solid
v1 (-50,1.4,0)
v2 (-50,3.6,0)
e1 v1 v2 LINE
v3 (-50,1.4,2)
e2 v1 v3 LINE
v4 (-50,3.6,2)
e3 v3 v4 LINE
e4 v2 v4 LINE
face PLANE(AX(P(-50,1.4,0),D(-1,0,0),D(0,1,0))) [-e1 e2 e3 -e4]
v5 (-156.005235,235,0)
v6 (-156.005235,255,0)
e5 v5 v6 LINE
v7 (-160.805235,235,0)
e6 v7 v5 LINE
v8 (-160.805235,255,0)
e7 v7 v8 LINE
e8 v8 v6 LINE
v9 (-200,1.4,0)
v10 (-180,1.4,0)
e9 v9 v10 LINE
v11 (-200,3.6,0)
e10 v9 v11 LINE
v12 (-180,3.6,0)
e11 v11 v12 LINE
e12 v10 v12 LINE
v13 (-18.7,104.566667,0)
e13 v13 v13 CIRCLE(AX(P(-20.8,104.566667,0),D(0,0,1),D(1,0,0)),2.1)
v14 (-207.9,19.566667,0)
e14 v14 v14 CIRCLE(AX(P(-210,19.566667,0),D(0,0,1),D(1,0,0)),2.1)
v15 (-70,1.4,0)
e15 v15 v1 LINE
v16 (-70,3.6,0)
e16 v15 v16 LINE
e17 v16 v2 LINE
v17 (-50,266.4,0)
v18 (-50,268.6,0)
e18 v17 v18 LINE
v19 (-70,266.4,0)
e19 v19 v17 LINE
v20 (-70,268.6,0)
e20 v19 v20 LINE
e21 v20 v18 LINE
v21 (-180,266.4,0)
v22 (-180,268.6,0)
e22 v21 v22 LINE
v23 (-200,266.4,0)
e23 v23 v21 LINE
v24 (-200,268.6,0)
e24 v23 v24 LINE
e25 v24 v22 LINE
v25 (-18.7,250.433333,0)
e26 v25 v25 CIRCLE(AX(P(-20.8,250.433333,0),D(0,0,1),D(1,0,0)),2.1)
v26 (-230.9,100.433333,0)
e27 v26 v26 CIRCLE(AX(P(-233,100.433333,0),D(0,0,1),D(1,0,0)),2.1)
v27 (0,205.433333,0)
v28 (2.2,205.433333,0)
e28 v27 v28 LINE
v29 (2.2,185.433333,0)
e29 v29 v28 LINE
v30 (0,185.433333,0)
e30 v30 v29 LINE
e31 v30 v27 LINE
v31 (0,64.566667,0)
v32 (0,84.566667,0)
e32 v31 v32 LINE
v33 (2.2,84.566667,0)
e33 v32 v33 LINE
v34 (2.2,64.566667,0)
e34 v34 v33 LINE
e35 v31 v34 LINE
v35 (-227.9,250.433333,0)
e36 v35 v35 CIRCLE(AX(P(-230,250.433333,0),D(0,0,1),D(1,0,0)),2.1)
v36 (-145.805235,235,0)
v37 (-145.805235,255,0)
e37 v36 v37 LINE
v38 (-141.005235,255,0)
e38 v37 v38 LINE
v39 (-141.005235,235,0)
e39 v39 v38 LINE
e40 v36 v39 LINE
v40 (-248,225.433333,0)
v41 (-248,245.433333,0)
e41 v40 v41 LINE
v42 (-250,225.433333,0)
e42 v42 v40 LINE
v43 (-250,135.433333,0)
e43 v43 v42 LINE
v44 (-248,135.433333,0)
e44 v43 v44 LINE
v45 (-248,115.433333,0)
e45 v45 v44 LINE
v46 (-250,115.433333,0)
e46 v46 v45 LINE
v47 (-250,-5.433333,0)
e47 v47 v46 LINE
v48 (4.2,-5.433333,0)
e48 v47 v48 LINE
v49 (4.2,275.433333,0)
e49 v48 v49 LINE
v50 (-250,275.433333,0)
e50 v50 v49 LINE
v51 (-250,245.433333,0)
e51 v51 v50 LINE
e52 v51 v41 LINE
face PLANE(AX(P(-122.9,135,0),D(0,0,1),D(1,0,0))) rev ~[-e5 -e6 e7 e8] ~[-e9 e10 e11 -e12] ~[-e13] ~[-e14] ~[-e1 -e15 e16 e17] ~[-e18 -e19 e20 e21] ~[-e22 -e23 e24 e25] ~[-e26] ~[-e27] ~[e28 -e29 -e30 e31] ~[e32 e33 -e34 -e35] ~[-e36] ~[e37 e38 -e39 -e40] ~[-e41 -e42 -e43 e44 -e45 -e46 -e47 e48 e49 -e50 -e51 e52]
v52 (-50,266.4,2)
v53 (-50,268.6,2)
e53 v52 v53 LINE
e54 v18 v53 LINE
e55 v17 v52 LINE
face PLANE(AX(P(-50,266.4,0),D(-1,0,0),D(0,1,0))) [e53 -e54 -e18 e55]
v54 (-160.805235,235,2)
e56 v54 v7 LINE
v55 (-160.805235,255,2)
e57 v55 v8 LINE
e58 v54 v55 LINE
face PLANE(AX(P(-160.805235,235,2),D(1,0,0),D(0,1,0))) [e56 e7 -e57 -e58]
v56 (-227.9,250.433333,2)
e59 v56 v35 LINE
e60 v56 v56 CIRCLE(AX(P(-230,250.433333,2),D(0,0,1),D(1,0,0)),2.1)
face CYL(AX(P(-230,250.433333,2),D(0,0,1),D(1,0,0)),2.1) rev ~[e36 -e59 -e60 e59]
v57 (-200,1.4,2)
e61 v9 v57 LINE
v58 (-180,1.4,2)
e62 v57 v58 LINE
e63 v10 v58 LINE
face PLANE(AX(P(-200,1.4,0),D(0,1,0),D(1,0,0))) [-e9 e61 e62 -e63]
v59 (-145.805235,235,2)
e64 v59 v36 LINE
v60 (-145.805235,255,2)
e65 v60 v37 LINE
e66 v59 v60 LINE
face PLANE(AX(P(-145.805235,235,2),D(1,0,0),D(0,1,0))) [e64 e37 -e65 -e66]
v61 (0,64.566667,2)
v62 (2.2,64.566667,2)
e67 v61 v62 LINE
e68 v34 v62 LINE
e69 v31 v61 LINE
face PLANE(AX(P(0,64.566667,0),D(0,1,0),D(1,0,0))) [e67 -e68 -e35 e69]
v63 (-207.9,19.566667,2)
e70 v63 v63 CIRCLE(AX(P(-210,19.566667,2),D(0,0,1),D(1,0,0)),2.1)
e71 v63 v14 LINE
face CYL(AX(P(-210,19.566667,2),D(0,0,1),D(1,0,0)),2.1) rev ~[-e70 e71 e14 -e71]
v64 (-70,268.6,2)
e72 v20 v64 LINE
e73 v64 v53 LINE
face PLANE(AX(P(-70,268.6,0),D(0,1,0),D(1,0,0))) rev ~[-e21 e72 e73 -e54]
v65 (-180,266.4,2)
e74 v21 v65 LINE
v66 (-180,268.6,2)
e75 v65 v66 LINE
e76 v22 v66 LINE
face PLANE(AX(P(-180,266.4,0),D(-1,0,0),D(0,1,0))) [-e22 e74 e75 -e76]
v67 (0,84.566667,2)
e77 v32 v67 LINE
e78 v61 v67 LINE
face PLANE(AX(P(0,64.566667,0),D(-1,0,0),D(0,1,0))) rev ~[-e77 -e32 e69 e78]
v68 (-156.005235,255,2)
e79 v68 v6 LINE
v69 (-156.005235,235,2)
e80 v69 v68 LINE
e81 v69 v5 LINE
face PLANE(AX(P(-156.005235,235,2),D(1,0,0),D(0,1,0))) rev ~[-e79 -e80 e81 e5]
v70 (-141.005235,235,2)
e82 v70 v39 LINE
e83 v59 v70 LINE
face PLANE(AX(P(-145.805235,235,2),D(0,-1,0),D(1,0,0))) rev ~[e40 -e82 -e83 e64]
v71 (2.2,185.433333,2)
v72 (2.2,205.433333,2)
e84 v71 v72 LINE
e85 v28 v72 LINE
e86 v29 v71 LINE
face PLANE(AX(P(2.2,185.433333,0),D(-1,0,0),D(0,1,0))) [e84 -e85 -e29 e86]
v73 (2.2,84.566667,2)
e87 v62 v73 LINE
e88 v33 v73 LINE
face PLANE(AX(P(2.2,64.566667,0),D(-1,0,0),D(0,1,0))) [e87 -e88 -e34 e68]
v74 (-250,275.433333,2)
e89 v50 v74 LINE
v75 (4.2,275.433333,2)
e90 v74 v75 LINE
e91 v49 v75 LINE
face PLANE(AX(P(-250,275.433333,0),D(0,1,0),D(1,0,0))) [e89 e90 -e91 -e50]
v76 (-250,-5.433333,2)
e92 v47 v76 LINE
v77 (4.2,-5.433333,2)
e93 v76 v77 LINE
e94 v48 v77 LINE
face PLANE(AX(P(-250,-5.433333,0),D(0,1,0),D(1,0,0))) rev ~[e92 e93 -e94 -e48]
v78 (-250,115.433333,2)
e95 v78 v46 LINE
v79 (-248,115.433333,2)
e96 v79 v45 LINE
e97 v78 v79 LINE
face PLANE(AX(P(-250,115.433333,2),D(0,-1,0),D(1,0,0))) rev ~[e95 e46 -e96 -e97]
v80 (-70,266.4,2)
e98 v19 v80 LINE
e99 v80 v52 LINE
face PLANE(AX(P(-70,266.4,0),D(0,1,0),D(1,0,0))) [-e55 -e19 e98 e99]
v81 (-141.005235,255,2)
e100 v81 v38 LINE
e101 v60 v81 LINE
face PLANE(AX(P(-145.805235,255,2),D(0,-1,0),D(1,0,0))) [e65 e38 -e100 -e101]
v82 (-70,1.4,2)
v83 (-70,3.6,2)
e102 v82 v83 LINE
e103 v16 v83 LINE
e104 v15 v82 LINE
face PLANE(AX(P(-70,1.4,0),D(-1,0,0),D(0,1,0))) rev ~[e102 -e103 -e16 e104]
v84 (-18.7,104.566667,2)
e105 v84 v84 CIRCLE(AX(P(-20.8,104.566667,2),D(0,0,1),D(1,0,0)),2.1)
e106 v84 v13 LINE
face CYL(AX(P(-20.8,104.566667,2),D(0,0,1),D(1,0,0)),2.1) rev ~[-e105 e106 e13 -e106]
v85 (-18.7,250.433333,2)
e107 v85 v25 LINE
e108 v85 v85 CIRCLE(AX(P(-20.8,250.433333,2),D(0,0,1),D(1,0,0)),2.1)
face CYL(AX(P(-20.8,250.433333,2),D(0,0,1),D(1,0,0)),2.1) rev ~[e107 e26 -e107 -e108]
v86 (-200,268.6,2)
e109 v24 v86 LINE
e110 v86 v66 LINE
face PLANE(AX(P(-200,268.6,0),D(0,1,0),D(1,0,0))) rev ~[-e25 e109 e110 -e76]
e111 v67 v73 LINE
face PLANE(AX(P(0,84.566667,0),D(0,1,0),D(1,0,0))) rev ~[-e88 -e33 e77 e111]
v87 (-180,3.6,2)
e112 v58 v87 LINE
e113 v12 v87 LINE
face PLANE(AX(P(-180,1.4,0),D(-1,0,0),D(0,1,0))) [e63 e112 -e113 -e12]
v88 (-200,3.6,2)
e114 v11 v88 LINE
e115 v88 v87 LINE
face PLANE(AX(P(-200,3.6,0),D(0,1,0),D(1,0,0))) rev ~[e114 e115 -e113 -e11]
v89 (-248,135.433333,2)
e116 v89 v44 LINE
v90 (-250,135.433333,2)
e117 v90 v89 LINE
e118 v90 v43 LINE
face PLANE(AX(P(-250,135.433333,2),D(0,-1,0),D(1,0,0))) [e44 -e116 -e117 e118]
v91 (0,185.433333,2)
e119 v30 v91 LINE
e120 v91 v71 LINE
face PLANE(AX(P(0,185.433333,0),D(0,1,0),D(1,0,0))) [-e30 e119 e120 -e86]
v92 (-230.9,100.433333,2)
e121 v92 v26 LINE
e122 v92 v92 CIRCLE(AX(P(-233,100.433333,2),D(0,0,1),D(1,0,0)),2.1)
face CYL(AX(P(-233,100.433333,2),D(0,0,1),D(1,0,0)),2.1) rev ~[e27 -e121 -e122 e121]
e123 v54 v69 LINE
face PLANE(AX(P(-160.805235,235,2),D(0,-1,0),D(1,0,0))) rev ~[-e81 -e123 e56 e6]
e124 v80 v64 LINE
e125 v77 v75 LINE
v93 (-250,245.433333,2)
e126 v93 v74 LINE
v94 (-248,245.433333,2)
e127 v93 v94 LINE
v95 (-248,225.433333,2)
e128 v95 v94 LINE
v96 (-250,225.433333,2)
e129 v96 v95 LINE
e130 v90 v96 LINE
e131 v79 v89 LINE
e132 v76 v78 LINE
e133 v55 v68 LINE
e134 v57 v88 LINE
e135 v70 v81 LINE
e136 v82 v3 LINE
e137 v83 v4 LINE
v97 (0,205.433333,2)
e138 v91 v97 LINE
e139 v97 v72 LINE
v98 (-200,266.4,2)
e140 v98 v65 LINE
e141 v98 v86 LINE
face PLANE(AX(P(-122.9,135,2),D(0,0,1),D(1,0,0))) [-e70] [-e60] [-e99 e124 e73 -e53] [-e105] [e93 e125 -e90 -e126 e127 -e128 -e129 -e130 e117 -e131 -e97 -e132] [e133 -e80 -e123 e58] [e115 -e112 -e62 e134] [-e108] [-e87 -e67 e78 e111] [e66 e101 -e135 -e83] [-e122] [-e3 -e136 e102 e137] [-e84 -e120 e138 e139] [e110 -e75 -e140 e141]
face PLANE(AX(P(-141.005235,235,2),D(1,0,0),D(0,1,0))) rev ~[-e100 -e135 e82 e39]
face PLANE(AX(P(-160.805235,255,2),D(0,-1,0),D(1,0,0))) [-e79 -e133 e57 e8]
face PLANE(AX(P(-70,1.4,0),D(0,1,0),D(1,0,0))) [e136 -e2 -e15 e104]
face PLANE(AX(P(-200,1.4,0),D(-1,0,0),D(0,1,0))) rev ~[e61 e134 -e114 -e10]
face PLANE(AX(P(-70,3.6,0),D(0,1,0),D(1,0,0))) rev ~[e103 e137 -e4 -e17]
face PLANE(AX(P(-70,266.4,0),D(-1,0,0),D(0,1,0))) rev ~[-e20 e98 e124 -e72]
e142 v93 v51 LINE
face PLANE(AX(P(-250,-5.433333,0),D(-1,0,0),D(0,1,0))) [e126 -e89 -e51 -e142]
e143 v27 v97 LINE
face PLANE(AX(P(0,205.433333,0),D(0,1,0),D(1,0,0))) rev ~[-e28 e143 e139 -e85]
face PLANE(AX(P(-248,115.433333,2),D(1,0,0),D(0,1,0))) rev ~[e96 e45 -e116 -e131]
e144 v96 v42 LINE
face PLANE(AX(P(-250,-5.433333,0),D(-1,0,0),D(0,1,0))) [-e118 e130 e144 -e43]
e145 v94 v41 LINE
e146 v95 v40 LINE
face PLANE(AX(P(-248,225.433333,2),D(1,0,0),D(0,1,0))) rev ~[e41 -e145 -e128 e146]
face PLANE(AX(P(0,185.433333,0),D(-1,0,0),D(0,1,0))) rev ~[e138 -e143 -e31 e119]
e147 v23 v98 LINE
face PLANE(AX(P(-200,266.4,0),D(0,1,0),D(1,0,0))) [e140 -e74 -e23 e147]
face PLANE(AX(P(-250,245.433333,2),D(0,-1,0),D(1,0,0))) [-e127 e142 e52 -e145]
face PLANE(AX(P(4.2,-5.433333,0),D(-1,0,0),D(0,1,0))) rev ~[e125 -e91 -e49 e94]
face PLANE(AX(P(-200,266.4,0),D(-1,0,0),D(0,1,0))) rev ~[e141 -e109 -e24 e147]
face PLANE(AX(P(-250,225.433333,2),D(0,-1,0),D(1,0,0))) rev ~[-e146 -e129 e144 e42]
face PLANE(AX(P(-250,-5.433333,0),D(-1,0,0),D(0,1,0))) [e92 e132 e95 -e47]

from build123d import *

# Parameters (mm, degrees)
SKETCH1_W           = 254.2
SKETCH1_H           = 280.866666666
SKETCH1_W_2         = 20
SKETCH1_H_2         = 2.2
SKETCH1_W_3         = 2.2
SKETCH1_H_3         = 20
BOSS_EXTRUDE1_DEPTH = 2
SKETCH2_W           = 4.8
SKETCH2_H           = 20
CUT_EXTRUDE1_DEPTH  = 5
SKETCH3_R           = 2.1
CUT_EXTRUDE2_DEPTH  = 5
SKETCH4_R           = 2.1
CUT_EXTRUDE3_DEPTH  = 5
SKETCH5_R           = 2.1
CUT_EXTRUDE4_DEPTH  = 5
SKETCH6_R           = 2.1
CUT_EXTRUDE5_DEPTH  = 5
SKETCH7_W           = 2
SKETCH7_H           = 20
CUT_EXTRUDE6_DEPTH  = 10


with BuildPart() as part:
    # Sketch1 → Boss-Extrude1 (new body)
    with BuildSketch(Plane.XY):
        with Locations((-122.9, 135)):
            Rectangle(SKETCH1_W, SKETCH1_H)
        with Locations((-60, 267.5)):
            Rectangle(SKETCH1_W_2, SKETCH1_H_2, mode=Mode.SUBTRACT)
        with Locations((1.1, 74.566666667)):
            Rectangle(SKETCH1_W_3, SKETCH1_H_3, mode=Mode.SUBTRACT)
        with Locations((-190, 2.5)):
            Rectangle(SKETCH1_W_2, SKETCH1_H_2, mode=Mode.SUBTRACT)
        with Locations((1.1, 195.433333333)):
            Rectangle(SKETCH1_W_3, SKETCH1_H_3, mode=Mode.SUBTRACT)
        with Locations((-60, 2.5)):
            Rectangle(SKETCH1_W_2, SKETCH1_H_2, mode=Mode.SUBTRACT)
        with Locations((-190, 267.5)):
            Rectangle(SKETCH1_W_2, SKETCH1_H_2, mode=Mode.SUBTRACT)
    extrude(amount=BOSS_EXTRUDE1_DEPTH)

    # Sketch2 → Cut-Extrude1 (cut)
    with BuildSketch(Plane.XY.offset(2)):
        with Locations((-143.405234687, 245)):
            Rectangle(SKETCH2_W, SKETCH2_H)
        with Locations((-158.405234687, 245)):
            Rectangle(SKETCH2_W, SKETCH2_H)
    extrude(amount=-CUT_EXTRUDE1_DEPTH, mode=Mode.SUBTRACT)

    # Sketch3 → Cut-Extrude2 (cut)
    with BuildSketch(Plane.XY.offset(2)):
        with Locations((-230, 250.433333333)):
            Circle(SKETCH3_R)
        with Locations((-20.8, 250.433333333)):
            Circle(SKETCH3_R)
    extrude(amount=-CUT_EXTRUDE2_DEPTH, mode=Mode.SUBTRACT)

    # Sketch4 → Cut-Extrude3 (cut)
    with BuildSketch(Plane.XY.offset(2)):
        with Locations((-210, 19.566666667)):
            Circle(SKETCH4_R)
    extrude(amount=-CUT_EXTRUDE3_DEPTH, mode=Mode.SUBTRACT)

    # Sketch5 → Cut-Extrude4 (cut)
    with BuildSketch(Plane.XY.offset(2)):
        with Locations((-20.8, 104.566666667)):
            Circle(SKETCH5_R)
    extrude(amount=-CUT_EXTRUDE4_DEPTH, mode=Mode.SUBTRACT)

    # Sketch6 → Cut-Extrude5 (cut)
    with BuildSketch(Plane.XY.offset(2)):
        with Locations((-233, 100.433333333)):
            Circle(SKETCH6_R)
    extrude(amount=-CUT_EXTRUDE5_DEPTH, mode=Mode.SUBTRACT)

    # Sketch7 → Cut-Extrude6 (cut)
    with BuildSketch(Plane.XY.offset(2)):
        with Locations((-249, 235.433333333)):
            Rectangle(SKETCH7_W, SKETCH7_H)
        with Locations((-249, 125.433333333)):
            Rectangle(SKETCH7_W, SKETCH7_H)
    extrude(amount=-CUT_EXTRUDE6_DEPTH, mode=Mode.SUBTRACT)


solid = part.part
